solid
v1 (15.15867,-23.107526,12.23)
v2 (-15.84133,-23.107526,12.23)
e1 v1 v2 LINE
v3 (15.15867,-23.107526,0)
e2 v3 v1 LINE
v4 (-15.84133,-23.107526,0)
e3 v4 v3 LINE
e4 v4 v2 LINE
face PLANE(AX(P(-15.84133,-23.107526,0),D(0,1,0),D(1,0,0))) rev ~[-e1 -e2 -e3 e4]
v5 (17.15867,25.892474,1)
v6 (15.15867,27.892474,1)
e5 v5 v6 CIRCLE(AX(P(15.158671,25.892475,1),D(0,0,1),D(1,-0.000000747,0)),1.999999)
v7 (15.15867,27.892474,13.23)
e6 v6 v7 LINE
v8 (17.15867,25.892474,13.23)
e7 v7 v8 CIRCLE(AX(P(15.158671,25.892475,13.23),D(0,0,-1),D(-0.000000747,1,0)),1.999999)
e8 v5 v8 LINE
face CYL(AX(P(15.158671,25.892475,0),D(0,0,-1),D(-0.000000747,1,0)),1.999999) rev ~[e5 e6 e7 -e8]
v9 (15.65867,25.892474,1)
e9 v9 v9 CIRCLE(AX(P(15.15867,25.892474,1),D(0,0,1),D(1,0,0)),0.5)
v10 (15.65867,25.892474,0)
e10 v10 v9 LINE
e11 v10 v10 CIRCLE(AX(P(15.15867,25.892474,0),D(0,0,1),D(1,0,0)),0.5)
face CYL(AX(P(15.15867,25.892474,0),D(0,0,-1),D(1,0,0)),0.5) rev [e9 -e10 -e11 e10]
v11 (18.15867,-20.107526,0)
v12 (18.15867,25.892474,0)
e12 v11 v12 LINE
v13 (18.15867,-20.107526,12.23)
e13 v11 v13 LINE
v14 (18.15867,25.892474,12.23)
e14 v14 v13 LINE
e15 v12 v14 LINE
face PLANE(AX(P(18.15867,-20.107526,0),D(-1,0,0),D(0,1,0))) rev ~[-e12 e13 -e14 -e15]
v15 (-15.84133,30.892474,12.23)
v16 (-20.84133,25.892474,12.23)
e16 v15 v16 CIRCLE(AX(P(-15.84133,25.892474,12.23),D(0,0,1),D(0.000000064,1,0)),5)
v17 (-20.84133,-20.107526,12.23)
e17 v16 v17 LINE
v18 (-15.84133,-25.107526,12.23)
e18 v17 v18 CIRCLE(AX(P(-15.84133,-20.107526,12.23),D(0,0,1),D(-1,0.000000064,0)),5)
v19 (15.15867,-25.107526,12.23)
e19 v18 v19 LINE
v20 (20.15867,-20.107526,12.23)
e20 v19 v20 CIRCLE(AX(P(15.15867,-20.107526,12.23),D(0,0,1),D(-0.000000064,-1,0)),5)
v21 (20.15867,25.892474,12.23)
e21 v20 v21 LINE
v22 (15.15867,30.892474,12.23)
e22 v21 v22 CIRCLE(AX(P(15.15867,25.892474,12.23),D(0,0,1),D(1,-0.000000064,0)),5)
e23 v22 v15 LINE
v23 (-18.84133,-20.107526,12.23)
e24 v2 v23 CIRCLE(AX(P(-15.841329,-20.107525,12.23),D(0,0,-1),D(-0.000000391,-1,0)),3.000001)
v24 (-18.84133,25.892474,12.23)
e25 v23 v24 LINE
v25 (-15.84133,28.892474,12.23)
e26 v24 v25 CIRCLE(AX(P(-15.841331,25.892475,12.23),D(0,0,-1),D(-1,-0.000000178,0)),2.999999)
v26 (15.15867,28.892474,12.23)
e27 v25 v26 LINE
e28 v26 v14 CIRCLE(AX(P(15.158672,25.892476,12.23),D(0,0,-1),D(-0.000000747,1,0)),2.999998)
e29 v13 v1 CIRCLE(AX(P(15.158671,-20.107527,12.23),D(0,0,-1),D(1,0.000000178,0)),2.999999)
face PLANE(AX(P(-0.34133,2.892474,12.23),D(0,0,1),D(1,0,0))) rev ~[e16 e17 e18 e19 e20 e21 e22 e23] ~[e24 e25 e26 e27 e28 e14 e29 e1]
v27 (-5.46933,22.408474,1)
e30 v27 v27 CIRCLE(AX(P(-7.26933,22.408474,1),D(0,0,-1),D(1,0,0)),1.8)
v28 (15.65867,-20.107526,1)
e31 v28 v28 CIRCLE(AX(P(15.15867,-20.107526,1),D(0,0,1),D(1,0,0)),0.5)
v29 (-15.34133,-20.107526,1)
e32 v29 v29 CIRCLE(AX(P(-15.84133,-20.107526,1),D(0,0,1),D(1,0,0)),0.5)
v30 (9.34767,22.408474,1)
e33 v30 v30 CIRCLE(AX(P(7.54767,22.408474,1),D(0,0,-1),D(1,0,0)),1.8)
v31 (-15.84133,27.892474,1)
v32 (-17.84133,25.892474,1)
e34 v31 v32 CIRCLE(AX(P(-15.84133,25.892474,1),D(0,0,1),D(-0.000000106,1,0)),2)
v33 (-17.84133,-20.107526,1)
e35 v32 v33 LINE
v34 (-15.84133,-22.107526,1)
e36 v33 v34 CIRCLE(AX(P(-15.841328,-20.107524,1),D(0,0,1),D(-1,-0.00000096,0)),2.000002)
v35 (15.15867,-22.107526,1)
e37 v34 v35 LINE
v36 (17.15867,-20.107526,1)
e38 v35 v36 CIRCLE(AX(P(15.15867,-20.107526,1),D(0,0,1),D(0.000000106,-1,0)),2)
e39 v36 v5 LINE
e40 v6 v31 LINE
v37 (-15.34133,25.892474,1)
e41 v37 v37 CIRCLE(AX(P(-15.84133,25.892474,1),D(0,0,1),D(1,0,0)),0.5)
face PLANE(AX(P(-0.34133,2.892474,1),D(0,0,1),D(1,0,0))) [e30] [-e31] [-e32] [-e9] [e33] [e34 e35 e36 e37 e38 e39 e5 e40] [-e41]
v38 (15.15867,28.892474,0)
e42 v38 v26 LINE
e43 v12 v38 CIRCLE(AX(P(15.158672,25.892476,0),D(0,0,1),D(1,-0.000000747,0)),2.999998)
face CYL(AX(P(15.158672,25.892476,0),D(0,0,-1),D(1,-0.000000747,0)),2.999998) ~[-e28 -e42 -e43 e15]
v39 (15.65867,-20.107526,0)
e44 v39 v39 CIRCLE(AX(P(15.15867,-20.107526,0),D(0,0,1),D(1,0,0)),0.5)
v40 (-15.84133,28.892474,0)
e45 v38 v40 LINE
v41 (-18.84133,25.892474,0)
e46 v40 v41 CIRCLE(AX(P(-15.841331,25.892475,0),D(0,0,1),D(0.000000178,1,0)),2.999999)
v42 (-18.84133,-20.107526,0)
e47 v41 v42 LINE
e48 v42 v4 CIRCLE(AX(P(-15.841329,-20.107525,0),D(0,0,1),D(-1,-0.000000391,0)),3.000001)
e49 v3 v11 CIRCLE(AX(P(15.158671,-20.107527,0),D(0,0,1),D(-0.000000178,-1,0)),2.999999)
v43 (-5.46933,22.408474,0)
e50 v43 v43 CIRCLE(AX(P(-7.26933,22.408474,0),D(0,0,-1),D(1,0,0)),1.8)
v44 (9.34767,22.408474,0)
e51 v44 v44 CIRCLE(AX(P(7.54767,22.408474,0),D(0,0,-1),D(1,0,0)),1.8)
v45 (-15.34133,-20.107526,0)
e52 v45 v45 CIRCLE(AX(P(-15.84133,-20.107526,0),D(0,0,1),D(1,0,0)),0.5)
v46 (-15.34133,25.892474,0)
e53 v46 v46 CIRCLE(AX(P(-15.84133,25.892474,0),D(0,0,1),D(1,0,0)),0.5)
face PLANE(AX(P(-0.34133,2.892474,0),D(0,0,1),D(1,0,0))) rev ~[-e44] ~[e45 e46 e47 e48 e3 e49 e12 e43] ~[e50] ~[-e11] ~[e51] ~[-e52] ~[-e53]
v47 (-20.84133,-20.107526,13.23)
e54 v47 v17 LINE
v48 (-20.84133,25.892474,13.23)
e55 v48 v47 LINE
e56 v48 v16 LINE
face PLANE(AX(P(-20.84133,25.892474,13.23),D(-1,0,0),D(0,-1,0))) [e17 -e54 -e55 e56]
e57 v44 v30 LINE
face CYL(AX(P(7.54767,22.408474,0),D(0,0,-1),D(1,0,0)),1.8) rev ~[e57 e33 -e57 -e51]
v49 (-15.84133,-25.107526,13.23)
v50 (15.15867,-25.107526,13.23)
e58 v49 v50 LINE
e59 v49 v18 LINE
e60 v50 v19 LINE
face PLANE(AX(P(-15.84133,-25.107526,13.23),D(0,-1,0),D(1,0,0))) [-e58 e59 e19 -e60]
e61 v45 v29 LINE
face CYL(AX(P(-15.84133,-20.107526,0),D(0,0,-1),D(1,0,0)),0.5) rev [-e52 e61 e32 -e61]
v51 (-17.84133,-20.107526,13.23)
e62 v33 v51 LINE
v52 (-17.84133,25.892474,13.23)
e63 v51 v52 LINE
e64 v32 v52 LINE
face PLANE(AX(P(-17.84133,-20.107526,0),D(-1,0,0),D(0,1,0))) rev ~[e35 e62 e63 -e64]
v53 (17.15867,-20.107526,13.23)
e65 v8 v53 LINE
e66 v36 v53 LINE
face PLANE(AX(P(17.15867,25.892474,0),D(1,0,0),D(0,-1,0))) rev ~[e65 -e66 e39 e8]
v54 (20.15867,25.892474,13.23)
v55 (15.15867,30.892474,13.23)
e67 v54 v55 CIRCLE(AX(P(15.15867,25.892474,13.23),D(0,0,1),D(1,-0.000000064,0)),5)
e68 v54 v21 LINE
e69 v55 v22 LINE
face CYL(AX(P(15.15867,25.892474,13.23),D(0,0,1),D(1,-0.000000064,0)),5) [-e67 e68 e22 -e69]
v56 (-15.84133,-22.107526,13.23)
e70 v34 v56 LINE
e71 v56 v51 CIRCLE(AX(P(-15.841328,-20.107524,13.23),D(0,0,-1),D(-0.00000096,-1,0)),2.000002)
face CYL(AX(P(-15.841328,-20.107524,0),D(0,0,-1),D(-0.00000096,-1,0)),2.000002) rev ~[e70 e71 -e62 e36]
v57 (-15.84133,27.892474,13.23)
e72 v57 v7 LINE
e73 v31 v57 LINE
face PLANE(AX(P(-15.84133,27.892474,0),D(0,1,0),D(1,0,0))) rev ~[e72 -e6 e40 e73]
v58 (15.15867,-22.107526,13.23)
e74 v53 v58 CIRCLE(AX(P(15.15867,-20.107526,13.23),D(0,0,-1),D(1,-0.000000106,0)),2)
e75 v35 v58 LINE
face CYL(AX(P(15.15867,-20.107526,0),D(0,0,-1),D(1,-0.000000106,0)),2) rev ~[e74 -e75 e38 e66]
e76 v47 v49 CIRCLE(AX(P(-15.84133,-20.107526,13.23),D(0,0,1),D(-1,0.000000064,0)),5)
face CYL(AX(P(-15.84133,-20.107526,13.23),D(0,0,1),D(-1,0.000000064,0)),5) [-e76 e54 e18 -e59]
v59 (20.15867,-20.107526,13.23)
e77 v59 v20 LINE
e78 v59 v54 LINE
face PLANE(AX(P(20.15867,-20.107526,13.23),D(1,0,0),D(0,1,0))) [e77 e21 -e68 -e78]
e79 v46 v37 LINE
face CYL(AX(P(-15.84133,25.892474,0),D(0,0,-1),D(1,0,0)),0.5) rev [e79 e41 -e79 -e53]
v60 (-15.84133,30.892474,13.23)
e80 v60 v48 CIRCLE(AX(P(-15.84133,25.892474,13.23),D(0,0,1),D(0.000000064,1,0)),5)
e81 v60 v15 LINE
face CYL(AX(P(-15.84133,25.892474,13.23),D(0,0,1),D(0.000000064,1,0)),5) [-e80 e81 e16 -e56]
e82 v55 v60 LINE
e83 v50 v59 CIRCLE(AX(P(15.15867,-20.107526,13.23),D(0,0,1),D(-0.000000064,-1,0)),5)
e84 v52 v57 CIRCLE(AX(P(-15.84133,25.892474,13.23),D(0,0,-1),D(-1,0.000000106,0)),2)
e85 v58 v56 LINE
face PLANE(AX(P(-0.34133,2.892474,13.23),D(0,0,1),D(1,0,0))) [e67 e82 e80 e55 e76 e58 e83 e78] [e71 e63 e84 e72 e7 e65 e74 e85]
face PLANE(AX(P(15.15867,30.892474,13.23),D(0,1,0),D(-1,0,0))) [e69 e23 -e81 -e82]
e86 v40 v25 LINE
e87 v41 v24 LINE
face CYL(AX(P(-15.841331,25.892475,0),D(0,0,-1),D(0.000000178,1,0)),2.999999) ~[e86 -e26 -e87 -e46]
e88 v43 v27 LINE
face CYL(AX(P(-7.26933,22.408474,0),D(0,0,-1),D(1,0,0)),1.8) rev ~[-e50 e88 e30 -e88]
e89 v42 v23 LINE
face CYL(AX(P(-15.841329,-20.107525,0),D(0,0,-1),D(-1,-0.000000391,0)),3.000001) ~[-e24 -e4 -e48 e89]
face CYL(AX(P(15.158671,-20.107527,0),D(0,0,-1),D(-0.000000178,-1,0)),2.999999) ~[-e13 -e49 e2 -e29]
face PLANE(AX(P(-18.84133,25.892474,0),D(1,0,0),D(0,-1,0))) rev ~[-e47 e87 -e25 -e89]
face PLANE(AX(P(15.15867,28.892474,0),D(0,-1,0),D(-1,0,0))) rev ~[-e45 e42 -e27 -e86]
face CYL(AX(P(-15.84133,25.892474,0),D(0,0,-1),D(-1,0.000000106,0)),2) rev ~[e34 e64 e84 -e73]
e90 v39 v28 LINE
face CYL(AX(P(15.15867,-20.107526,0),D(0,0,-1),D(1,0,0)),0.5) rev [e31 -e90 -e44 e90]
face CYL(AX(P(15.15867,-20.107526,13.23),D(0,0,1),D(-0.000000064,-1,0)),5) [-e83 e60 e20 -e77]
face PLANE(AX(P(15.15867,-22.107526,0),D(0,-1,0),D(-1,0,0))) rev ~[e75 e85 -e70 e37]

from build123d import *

# Parameters (mm, degrees)
F0_R     = 0.5
F1_DEPTH = 1
F2_DEPTH = 13.23
F3_R     = 1.8
F4_DEPTH = 1
F6_DEPTH = 1


with BuildPart() as f1:
    # F0 (on Top) → F1 (new body)
    with BuildSketch(Plane.XY):
        with BuildLine():
            ThreePointArc((-17.84133, -20.107526), (-17.255543, -21.521739), (-15.84133, -22.107526))
            Line((-15.84133, -22.107526), (15.15867, -22.107526))
            ThreePointArc((15.15867, -22.107526), (16.572884, -21.521739), (17.15867, -20.107526))
            Line((17.15867, -20.107526), (17.15867, 25.892474))
            ThreePointArc((17.15867, 25.892474), (16.572884, 27.306688), (15.15867, 27.892474))
            Line((15.15867, 27.892474), (-15.84133, 27.892474))
            ThreePointArc((-15.84133, 27.892474), (-17.255543, 27.306688), (-17.84133, 25.892474))
            Line((-17.84133, 25.892474), (-17.84133, -20.107526))
        make_face()
        with Locations((-15.84133, -20.107526)):
            Circle(F0_R, mode=Mode.SUBTRACT)
        with Locations((15.15867, -20.107526)):
            Circle(F0_R, mode=Mode.SUBTRACT)
        with Locations((-15.84133, 25.892474)):
            Circle(F0_R, mode=Mode.SUBTRACT)
        with Locations((15.15867, 25.892474)):
            Circle(F0_R, mode=Mode.SUBTRACT)
    extrude(amount=F1_DEPTH)

    # F0 (on Top) → F2 (join)
    with BuildSketch(Plane.XY):
        with BuildLine():
            Line((15.15867, 28.892474), (-15.84133, 28.892474))
            ThreePointArc((-15.84133, 28.892474), (-17.96265, 28.013795), (-18.84133, 25.892474))
            Line((-18.84133, 25.892474), (-18.84133, -20.107526))
            ThreePointArc((-18.84133, -20.107526), (-17.96265, -22.228846), (-15.84133, -23.107526))
            Line((-15.84133, -23.107526), (15.15867, -23.107526))
            ThreePointArc((15.15867, -23.107526), (17.279991, -22.228846), (18.15867, -20.107526))
            Line((18.15867, -20.107526), (18.15867, 25.892474))
            ThreePointArc((18.15867, 25.892474), (17.279991, 28.013795), (15.15867, 28.892474))
        make_face()
        with BuildLine():
            Line((15.15867, -22.107526), (-15.84133, -22.107526))
            ThreePointArc((-15.84133, -22.107526), (-17.255543, -21.521739), (-17.84133, -20.107526))
            Line((-17.84133, -20.107526), (-17.84133, 25.892474))
            ThreePointArc((-17.84133, 25.892474), (-17.255543, 27.306688), (-15.84133, 27.892474))
            Line((-15.84133, 27.892474), (15.15867, 27.892474))
            ThreePointArc((15.15867, 27.892474), (16.572884, 27.306688), (17.15867, 25.892474))
            Line((17.15867, 25.892474), (17.15867, -20.107526))
            ThreePointArc((17.15867, -20.107526), (16.572884, -21.521739), (15.15867, -22.107526))
        make_face(mode=Mode.SUBTRACT)
    extrude(amount=F2_DEPTH)

    # F3 (on face) → F4 (cut)
    with BuildSketch(Plane(origin=(0, 0, 0), x_dir=(1, 0, 0), z_dir=(0, 0, -1))):
        with Locations((-7.26933, -22.408474)):
            Circle(F3_R)
        with Locations((7.54767, -22.408474)):
            Circle(F3_R)
    extrude(amount=-F4_DEPTH, mode=Mode.SUBTRACT)

    # F5 (on face) → F6 (join)
    with BuildSketch(Plane.XY.offset(13.23)):
        with BuildLine():
            Line((15.15867, 30.892474), (-15.84133, 30.892474))
            ThreePointArc((-15.84133, 30.892474), (-19.376864, 29.428008), (-20.84133, 25.892474))
            Line((-20.84133, 25.892474), (-20.84133, -20.107526))
            ThreePointArc((-20.84133, -20.107526), (-19.376864, -23.64306), (-15.84133, -25.107526))
            Line((-15.84133, -25.107526), (15.15867, -25.107526))
            ThreePointArc((15.15867, -25.107526), (18.694204, -23.64306), (20.15867, -20.107526))
            Line((20.15867, -20.107526), (20.15867, 25.892474))
            ThreePointArc((20.15867, 25.892474), (18.694204, 29.428008), (15.15867, 30.892474))
        make_face()
        with BuildLine():
            ThreePointArc((15.15867, 28.892474), (17.279991, 28.013795), (18.15867, 25.892474))
            Line((18.15867, 25.892474), (18.15867, -20.107526))
            ThreePointArc((18.15867, -20.107526), (17.279991, -22.228846), (15.15867, -23.107526))
            Line((15.15867, -23.107526), (-15.84133, -23.107526))
            ThreePointArc((-15.84133, -23.107526), (-17.96265, -22.228846), (-18.84133, -20.107526))
            Line((-18.84133, -20.107526), (-18.84133, 25.892474))
            ThreePointArc((-18.84133, 25.892474), (-17.96265, 28.013795), (-15.84133, 28.892474))
            Line((-15.84133, 28.892474), (15.15867, 28.892474))
        make_face(mode=Mode.SUBTRACT)
    extrude(amount=-F6_DEPTH)


solid = f1.part
